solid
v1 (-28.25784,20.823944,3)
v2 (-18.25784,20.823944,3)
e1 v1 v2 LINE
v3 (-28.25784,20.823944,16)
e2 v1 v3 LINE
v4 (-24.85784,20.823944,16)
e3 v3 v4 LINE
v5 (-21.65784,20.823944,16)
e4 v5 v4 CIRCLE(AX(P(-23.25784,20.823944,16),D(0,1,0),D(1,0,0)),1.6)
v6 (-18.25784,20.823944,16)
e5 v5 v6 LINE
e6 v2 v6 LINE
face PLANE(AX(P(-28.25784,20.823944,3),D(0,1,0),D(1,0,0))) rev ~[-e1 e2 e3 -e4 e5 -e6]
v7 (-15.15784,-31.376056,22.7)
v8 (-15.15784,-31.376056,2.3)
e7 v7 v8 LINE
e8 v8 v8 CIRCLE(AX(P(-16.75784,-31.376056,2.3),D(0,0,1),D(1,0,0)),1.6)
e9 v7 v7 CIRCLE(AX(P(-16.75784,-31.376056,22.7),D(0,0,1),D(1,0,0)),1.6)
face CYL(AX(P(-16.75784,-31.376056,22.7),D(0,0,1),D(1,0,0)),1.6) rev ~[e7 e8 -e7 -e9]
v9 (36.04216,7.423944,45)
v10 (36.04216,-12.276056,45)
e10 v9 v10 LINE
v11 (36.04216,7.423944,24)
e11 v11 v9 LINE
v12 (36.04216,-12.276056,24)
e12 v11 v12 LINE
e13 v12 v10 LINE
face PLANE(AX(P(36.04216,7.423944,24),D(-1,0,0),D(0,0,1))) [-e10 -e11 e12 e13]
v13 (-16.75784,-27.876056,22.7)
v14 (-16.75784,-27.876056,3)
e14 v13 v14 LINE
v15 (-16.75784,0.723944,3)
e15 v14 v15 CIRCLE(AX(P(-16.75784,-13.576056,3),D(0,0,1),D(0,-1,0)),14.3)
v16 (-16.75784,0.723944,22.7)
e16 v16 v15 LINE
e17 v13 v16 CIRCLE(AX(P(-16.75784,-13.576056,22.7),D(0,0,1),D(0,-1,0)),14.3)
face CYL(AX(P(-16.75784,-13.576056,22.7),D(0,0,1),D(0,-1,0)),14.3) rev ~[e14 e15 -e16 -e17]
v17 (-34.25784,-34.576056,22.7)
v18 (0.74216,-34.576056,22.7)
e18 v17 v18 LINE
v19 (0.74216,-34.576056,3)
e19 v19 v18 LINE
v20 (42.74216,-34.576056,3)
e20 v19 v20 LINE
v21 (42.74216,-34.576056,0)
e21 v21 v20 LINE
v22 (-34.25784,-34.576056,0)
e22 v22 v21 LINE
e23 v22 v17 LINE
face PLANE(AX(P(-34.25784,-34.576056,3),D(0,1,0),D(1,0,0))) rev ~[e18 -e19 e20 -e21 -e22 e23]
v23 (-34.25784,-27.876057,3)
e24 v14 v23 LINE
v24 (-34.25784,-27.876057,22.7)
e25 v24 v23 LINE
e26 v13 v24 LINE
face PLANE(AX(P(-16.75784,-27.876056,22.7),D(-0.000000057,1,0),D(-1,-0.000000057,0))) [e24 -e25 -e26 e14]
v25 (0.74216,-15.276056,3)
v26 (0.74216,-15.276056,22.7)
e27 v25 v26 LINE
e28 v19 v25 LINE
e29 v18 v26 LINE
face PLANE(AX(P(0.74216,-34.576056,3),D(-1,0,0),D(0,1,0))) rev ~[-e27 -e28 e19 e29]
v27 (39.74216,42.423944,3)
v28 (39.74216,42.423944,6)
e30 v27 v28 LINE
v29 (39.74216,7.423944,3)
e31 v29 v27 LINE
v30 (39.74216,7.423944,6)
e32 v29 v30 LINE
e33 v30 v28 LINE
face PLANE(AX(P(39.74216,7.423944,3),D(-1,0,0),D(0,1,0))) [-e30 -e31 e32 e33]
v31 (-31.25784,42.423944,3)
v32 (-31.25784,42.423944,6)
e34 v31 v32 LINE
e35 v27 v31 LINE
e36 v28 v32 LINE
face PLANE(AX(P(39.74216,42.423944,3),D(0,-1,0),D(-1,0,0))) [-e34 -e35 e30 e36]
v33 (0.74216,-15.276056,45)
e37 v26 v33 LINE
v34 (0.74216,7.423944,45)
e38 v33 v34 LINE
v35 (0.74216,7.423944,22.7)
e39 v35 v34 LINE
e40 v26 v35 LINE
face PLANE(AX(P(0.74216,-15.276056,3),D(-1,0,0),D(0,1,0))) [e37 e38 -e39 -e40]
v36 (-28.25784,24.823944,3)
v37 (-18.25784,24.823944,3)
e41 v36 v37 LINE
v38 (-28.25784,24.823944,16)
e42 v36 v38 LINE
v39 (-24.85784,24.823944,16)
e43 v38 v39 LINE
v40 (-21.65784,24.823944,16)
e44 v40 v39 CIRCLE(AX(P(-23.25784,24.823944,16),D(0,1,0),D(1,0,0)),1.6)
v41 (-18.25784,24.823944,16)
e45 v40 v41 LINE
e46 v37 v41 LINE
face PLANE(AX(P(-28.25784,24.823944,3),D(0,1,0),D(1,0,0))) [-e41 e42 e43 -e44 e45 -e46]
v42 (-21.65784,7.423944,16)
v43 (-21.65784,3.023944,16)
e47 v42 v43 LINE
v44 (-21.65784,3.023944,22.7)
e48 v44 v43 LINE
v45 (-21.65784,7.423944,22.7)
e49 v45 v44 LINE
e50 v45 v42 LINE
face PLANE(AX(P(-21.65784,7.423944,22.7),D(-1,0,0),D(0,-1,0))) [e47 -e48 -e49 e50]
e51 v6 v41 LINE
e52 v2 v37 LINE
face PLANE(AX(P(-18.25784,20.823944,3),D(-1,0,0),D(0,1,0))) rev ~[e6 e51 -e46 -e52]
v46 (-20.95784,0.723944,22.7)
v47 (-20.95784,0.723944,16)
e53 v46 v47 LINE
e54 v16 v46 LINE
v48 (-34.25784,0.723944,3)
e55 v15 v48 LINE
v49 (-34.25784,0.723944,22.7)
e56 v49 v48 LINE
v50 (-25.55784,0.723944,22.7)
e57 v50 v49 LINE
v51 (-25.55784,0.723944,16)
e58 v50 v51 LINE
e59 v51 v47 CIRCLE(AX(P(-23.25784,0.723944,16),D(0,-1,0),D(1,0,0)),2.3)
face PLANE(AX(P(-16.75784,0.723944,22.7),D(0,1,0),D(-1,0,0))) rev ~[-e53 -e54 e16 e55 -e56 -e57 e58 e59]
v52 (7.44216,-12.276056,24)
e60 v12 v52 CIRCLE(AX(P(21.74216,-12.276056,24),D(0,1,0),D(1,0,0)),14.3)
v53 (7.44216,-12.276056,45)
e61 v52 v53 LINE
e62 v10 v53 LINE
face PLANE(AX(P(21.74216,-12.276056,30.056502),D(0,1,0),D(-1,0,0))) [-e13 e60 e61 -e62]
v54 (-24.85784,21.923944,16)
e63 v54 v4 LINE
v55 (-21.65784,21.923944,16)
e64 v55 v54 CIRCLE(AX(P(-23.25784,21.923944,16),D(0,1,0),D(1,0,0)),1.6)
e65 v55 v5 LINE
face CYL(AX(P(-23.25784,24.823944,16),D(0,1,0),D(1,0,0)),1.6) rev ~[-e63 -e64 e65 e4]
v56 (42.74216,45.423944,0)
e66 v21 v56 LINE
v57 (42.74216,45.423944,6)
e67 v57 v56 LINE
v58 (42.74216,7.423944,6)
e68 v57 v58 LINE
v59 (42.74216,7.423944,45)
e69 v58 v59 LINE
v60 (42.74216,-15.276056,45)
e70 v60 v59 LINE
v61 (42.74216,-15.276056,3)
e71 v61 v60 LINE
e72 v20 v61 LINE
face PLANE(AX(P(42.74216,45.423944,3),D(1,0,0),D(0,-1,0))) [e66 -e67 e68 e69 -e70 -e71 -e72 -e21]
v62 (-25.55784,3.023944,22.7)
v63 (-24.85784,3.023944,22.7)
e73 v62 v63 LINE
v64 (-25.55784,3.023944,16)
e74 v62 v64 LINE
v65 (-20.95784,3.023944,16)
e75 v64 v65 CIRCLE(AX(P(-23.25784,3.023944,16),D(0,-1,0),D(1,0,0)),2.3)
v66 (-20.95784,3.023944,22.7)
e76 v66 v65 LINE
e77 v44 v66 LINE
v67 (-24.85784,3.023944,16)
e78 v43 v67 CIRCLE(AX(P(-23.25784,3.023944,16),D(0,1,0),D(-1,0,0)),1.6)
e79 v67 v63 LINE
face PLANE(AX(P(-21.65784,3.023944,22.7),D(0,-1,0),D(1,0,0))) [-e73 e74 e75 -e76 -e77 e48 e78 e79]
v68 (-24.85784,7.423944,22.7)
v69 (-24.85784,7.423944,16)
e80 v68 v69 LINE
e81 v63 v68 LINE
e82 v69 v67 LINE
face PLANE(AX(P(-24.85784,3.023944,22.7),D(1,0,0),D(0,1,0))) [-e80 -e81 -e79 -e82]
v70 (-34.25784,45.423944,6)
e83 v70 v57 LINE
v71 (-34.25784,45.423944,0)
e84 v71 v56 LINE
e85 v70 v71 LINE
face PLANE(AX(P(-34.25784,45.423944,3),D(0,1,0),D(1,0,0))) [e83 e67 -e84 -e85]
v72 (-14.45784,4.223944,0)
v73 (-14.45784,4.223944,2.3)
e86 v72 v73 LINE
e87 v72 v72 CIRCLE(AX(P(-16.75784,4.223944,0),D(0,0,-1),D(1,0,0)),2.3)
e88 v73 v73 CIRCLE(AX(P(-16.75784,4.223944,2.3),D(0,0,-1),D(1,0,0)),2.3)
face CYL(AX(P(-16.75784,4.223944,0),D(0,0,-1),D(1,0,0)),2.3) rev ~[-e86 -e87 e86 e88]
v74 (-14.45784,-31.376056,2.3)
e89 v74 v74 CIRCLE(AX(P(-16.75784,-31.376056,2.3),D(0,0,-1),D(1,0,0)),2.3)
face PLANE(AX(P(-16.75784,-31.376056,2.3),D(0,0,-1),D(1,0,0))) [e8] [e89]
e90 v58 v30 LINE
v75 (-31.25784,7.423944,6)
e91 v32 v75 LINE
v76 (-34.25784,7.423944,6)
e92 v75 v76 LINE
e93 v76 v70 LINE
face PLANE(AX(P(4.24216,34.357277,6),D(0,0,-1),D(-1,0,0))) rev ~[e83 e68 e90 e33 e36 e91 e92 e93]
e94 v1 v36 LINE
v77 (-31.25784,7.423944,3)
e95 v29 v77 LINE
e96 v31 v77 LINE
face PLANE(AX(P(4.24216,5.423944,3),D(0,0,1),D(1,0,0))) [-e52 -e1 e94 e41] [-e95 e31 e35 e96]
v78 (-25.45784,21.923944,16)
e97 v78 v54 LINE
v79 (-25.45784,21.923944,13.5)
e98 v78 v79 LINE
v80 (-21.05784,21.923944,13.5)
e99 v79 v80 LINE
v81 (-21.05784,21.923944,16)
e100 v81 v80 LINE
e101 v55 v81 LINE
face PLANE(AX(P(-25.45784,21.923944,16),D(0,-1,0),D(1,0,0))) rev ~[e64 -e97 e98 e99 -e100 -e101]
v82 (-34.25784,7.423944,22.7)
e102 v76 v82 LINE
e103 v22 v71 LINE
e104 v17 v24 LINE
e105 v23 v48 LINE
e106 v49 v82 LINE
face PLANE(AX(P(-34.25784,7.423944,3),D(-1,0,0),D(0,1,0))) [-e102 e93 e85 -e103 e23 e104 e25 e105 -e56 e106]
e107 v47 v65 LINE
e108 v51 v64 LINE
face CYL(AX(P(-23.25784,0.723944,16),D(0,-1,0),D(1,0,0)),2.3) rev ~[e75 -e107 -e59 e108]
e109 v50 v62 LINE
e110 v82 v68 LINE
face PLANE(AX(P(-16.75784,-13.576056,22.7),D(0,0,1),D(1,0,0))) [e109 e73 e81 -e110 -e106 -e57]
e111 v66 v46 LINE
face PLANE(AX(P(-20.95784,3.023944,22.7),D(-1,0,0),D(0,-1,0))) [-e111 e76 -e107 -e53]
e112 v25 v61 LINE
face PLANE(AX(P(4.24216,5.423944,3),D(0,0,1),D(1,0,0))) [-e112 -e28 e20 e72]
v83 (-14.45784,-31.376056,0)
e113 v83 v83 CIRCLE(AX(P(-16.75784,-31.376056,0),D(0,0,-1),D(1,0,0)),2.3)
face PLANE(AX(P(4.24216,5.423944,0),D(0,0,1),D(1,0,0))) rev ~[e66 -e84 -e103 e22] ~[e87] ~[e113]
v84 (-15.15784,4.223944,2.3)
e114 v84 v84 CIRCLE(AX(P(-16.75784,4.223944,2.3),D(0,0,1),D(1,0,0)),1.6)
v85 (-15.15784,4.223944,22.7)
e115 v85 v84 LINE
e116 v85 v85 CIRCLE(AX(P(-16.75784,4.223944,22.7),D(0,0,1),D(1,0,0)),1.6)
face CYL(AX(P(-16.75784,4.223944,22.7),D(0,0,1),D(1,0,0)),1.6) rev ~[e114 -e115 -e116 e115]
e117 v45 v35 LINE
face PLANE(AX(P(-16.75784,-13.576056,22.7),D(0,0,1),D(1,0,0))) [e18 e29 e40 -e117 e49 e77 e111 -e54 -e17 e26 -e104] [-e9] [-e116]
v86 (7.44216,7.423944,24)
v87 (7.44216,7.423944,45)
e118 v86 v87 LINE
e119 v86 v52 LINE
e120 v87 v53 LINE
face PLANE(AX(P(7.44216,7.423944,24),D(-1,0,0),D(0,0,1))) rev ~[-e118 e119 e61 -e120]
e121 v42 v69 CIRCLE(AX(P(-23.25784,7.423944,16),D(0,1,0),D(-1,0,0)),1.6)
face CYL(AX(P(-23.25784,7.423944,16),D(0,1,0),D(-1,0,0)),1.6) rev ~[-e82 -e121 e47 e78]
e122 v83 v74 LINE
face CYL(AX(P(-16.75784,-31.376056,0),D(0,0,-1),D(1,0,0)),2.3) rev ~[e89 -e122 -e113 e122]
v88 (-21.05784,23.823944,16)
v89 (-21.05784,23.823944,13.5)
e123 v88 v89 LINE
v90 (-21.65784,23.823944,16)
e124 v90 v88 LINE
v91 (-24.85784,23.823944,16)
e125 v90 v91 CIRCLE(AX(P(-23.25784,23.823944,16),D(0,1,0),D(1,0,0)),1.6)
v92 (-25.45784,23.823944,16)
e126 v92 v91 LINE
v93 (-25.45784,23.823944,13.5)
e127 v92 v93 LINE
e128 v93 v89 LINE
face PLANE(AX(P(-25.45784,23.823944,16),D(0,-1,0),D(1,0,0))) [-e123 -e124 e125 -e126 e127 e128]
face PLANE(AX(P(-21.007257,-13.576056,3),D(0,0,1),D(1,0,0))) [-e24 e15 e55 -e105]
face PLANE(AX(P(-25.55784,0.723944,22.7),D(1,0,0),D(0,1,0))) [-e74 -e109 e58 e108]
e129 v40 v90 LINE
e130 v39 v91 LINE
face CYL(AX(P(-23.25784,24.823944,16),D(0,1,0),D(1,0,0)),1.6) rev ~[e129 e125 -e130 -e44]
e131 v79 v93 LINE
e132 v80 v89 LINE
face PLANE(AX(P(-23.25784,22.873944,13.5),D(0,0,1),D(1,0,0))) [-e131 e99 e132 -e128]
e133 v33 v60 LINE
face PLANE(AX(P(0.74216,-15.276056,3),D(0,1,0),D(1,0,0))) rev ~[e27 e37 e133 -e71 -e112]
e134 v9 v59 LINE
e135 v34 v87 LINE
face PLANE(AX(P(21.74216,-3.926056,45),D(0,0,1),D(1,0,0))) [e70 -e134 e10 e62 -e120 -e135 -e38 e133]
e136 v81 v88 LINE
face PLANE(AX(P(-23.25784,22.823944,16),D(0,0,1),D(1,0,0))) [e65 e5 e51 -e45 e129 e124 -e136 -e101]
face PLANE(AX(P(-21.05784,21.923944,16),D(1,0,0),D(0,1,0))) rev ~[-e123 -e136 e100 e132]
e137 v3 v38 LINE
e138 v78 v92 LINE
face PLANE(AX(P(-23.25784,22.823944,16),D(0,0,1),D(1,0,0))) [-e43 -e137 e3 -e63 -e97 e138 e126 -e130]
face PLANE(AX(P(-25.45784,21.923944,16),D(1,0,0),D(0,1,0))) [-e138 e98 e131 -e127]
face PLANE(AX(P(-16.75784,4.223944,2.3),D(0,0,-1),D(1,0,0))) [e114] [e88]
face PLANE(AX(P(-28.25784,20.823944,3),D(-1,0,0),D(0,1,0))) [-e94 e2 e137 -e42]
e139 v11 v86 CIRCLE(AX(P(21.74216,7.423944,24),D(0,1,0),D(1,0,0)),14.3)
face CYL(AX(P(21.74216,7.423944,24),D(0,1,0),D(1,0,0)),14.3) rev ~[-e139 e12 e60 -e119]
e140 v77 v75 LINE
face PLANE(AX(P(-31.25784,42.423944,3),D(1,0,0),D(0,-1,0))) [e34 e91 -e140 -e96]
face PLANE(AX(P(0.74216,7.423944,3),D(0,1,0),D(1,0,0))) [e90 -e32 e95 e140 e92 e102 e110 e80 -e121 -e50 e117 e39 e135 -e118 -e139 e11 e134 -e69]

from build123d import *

# Parameters (mm, degrees)
SKETCH_W        = 77
SKETCH_H        = 80
PAD_DEPTH       = 3
SKETCH001_W     = 35
SKETCH001_H     = 42
PAD001_DEPTH    = 19.7
POCKET_DEPTH    = 19.7
SKETCH003_W     = 42
SKETCH003_H     = 22.7
PAD002_DEPTH    = 42
POCKET001_DEPTH = 19.7
SKETCH006_R     = 1.6
POCKET002_DEPTH = 8
SKETCH007_R     = 2.3
POCKET003_DEPTH = 2.3
SKETCH008_W     = 10
SKETCH008_H     = 4
PAD003_DEPTH    = 13
POCKET004_DEPTH = 4
POCKET005_DEPTH = 6.7
SKETCH011_W     = 4.4
SKETCH011_H     = 1.9
POCKET006_DEPTH = 2.5
SKETCH012_R     = 1.6
POCKET007_DEPTH = 22.701
PAD004_DEPTH    = 3
SKETCH014_R     = 2.3
POCKET008_DEPTH = 2.3


with BuildPart() as part:
    # Sketch → Pad (new body)
    with BuildSketch(Plane.XY):
        with Locations((4.24216, 5.423944)):
            Rectangle(SKETCH_W, SKETCH_H)
    extrude(amount=PAD_DEPTH)

    # Sketch001 → Pad001 (new body)
    with BuildSketch(Plane.XY.offset(3)):
        with Locations((-16.75784, -13.576056)):
            Rectangle(SKETCH001_W, SKETCH001_H)
    extrude(amount=PAD001_DEPTH)

    # Sketch002 → Pocket (cut)
    with BuildSketch(Plane.XY.offset(22.7)):
        with BuildLine():
            ThreePointArc((-16.75784, -27.876056), (-2.45784, -13.576056), (-16.75784, 0.723944))
            Line((-16.75784, 0.723944), (-34.25784, 0.723944))
            Line((-34.25784, -27.876057), (-34.25784, 0.723944))
            Line((-16.75784, -27.876056), (-34.25784, -27.876057))
        make_face()
    extrude(amount=-POCKET_DEPTH, mode=Mode.SUBTRACT)

    # Sketch003 → Pad002 (new body)
    with BuildSketch(Plane.XY.offset(3)):
        with Locations((21.74216, -3.926056)):
            Rectangle(SKETCH003_W, SKETCH003_H)
    extrude(amount=PAD002_DEPTH)

    # Sketch004 → Pocket001 (cut)
    with BuildSketch(Plane(origin=(0, 7.423944, 0), x_dir=(-1, 0, 0), z_dir=(0, 1, 0))):
        with BuildLine():
            ThreePointArc((-36.04216, 24), (-21.74216, 9.7), (-7.44216, 24))
            Line((-7.44216, 24), (-7.44216, 45))
            Line((-36.04216, 45), (-7.44216, 45))
            Line((-36.04216, 24), (-36.04216, 45))
        make_face()
    extrude(amount=-POCKET001_DEPTH, mode=Mode.SUBTRACT)

    # Sketch006 → Pocket002 (cut)
    with BuildSketch(Plane(origin=(0, 7.423944, 0), x_dir=(-1, 0, 0), z_dir=(0, 1, 0))):
        with Locations((23.25784, 16)):
            Circle(SKETCH006_R)
    extrude(amount=-POCKET002_DEPTH, mode=Mode.SUBTRACT)

    # Sketch007 → Pocket003 (cut)
    with BuildSketch(Plane.XZ.offset(-0.723944)):
        with Locations((-23.25784, 16)):
            Circle(SKETCH007_R)
    extrude(amount=-POCKET003_DEPTH, mode=Mode.SUBTRACT)

    # Sketch008 → Pad003 (new body)
    with BuildSketch(Plane.XY.offset(3)):
        with Locations((-23.25784, 22.823944)):
            Rectangle(SKETCH008_W, SKETCH008_H)
    extrude(amount=PAD003_DEPTH)

    # Sketch009 → Pocket004 (cut)
    with BuildSketch(Plane(origin=(0, 24.823944, 0), x_dir=(-1, 0, 0), z_dir=(0, 1, 0))):
        with BuildLine():
            ThreePointArc((21.65784, 16), (23.25784, 14.4), (24.85784, 16))
            Line((21.65784, 16), (24.85784, 16))
        make_face()
    extrude(amount=-POCKET004_DEPTH, mode=Mode.SUBTRACT)

    # Sketch010 → Pocket005 (cut)
    with BuildSketch(Plane.XY.offset(22.7)):
        Polygon((-24.85784, 7.423944), (-21.65784, 7.423944), (-21.65784, 3.023944), (-20.95784, 3.023944), (-20.95784, 0.723944), (-25.55784, 0.723944), (-25.55784, 3.023944), (-24.85784, 3.023944), align=None)
    extrude(amount=-POCKET005_DEPTH, mode=Mode.SUBTRACT)

    # Sketch011 → Pocket006 (cut)
    with BuildSketch(Plane.XY.offset(16)):
        with Locations((-23.25784, 22.873944)):
            Rectangle(SKETCH011_W, SKETCH011_H)
    extrude(amount=-POCKET006_DEPTH, mode=Mode.SUBTRACT)

    # Sketch012 → Pocket007 (cut, through all)
    with BuildSketch(Plane.XY.offset(22.7)):
        with Locations((-16.75784, -31.376056)):
            Circle(SKETCH012_R)
        with Locations((-16.75784, 4.223944)):
            Circle(SKETCH012_R)
    extrude(amount=-POCKET007_DEPTH, mode=Mode.SUBTRACT)

    # Sketch013 → Pad004 (new body)
    with BuildSketch(Plane.XY.offset(3)):
        Polygon((-34.25784, 7.423944), (-34.25784, 45.423944), (42.74216, 45.423944), (42.74216, 7.423944), (39.74216, 7.423944), (39.74216, 42.423944), (-31.25784, 42.423944), (-31.25784, 7.423944), align=None)
    extrude(amount=PAD004_DEPTH)

    # Sketch014 → Pocket008 (cut)
    with BuildSketch(Plane(origin=(0, 0, 0), x_dir=(1, 0, 0), z_dir=(0, 0, -1))):
        with Locations((-16.75784, 31.376056)):
            Circle(SKETCH014_R)
        with Locations((-16.75784, -4.223944)):
            Circle(SKETCH014_R)
    extrude(amount=-POCKET008_DEPTH, mode=Mode.SUBTRACT)


solid = part.part
